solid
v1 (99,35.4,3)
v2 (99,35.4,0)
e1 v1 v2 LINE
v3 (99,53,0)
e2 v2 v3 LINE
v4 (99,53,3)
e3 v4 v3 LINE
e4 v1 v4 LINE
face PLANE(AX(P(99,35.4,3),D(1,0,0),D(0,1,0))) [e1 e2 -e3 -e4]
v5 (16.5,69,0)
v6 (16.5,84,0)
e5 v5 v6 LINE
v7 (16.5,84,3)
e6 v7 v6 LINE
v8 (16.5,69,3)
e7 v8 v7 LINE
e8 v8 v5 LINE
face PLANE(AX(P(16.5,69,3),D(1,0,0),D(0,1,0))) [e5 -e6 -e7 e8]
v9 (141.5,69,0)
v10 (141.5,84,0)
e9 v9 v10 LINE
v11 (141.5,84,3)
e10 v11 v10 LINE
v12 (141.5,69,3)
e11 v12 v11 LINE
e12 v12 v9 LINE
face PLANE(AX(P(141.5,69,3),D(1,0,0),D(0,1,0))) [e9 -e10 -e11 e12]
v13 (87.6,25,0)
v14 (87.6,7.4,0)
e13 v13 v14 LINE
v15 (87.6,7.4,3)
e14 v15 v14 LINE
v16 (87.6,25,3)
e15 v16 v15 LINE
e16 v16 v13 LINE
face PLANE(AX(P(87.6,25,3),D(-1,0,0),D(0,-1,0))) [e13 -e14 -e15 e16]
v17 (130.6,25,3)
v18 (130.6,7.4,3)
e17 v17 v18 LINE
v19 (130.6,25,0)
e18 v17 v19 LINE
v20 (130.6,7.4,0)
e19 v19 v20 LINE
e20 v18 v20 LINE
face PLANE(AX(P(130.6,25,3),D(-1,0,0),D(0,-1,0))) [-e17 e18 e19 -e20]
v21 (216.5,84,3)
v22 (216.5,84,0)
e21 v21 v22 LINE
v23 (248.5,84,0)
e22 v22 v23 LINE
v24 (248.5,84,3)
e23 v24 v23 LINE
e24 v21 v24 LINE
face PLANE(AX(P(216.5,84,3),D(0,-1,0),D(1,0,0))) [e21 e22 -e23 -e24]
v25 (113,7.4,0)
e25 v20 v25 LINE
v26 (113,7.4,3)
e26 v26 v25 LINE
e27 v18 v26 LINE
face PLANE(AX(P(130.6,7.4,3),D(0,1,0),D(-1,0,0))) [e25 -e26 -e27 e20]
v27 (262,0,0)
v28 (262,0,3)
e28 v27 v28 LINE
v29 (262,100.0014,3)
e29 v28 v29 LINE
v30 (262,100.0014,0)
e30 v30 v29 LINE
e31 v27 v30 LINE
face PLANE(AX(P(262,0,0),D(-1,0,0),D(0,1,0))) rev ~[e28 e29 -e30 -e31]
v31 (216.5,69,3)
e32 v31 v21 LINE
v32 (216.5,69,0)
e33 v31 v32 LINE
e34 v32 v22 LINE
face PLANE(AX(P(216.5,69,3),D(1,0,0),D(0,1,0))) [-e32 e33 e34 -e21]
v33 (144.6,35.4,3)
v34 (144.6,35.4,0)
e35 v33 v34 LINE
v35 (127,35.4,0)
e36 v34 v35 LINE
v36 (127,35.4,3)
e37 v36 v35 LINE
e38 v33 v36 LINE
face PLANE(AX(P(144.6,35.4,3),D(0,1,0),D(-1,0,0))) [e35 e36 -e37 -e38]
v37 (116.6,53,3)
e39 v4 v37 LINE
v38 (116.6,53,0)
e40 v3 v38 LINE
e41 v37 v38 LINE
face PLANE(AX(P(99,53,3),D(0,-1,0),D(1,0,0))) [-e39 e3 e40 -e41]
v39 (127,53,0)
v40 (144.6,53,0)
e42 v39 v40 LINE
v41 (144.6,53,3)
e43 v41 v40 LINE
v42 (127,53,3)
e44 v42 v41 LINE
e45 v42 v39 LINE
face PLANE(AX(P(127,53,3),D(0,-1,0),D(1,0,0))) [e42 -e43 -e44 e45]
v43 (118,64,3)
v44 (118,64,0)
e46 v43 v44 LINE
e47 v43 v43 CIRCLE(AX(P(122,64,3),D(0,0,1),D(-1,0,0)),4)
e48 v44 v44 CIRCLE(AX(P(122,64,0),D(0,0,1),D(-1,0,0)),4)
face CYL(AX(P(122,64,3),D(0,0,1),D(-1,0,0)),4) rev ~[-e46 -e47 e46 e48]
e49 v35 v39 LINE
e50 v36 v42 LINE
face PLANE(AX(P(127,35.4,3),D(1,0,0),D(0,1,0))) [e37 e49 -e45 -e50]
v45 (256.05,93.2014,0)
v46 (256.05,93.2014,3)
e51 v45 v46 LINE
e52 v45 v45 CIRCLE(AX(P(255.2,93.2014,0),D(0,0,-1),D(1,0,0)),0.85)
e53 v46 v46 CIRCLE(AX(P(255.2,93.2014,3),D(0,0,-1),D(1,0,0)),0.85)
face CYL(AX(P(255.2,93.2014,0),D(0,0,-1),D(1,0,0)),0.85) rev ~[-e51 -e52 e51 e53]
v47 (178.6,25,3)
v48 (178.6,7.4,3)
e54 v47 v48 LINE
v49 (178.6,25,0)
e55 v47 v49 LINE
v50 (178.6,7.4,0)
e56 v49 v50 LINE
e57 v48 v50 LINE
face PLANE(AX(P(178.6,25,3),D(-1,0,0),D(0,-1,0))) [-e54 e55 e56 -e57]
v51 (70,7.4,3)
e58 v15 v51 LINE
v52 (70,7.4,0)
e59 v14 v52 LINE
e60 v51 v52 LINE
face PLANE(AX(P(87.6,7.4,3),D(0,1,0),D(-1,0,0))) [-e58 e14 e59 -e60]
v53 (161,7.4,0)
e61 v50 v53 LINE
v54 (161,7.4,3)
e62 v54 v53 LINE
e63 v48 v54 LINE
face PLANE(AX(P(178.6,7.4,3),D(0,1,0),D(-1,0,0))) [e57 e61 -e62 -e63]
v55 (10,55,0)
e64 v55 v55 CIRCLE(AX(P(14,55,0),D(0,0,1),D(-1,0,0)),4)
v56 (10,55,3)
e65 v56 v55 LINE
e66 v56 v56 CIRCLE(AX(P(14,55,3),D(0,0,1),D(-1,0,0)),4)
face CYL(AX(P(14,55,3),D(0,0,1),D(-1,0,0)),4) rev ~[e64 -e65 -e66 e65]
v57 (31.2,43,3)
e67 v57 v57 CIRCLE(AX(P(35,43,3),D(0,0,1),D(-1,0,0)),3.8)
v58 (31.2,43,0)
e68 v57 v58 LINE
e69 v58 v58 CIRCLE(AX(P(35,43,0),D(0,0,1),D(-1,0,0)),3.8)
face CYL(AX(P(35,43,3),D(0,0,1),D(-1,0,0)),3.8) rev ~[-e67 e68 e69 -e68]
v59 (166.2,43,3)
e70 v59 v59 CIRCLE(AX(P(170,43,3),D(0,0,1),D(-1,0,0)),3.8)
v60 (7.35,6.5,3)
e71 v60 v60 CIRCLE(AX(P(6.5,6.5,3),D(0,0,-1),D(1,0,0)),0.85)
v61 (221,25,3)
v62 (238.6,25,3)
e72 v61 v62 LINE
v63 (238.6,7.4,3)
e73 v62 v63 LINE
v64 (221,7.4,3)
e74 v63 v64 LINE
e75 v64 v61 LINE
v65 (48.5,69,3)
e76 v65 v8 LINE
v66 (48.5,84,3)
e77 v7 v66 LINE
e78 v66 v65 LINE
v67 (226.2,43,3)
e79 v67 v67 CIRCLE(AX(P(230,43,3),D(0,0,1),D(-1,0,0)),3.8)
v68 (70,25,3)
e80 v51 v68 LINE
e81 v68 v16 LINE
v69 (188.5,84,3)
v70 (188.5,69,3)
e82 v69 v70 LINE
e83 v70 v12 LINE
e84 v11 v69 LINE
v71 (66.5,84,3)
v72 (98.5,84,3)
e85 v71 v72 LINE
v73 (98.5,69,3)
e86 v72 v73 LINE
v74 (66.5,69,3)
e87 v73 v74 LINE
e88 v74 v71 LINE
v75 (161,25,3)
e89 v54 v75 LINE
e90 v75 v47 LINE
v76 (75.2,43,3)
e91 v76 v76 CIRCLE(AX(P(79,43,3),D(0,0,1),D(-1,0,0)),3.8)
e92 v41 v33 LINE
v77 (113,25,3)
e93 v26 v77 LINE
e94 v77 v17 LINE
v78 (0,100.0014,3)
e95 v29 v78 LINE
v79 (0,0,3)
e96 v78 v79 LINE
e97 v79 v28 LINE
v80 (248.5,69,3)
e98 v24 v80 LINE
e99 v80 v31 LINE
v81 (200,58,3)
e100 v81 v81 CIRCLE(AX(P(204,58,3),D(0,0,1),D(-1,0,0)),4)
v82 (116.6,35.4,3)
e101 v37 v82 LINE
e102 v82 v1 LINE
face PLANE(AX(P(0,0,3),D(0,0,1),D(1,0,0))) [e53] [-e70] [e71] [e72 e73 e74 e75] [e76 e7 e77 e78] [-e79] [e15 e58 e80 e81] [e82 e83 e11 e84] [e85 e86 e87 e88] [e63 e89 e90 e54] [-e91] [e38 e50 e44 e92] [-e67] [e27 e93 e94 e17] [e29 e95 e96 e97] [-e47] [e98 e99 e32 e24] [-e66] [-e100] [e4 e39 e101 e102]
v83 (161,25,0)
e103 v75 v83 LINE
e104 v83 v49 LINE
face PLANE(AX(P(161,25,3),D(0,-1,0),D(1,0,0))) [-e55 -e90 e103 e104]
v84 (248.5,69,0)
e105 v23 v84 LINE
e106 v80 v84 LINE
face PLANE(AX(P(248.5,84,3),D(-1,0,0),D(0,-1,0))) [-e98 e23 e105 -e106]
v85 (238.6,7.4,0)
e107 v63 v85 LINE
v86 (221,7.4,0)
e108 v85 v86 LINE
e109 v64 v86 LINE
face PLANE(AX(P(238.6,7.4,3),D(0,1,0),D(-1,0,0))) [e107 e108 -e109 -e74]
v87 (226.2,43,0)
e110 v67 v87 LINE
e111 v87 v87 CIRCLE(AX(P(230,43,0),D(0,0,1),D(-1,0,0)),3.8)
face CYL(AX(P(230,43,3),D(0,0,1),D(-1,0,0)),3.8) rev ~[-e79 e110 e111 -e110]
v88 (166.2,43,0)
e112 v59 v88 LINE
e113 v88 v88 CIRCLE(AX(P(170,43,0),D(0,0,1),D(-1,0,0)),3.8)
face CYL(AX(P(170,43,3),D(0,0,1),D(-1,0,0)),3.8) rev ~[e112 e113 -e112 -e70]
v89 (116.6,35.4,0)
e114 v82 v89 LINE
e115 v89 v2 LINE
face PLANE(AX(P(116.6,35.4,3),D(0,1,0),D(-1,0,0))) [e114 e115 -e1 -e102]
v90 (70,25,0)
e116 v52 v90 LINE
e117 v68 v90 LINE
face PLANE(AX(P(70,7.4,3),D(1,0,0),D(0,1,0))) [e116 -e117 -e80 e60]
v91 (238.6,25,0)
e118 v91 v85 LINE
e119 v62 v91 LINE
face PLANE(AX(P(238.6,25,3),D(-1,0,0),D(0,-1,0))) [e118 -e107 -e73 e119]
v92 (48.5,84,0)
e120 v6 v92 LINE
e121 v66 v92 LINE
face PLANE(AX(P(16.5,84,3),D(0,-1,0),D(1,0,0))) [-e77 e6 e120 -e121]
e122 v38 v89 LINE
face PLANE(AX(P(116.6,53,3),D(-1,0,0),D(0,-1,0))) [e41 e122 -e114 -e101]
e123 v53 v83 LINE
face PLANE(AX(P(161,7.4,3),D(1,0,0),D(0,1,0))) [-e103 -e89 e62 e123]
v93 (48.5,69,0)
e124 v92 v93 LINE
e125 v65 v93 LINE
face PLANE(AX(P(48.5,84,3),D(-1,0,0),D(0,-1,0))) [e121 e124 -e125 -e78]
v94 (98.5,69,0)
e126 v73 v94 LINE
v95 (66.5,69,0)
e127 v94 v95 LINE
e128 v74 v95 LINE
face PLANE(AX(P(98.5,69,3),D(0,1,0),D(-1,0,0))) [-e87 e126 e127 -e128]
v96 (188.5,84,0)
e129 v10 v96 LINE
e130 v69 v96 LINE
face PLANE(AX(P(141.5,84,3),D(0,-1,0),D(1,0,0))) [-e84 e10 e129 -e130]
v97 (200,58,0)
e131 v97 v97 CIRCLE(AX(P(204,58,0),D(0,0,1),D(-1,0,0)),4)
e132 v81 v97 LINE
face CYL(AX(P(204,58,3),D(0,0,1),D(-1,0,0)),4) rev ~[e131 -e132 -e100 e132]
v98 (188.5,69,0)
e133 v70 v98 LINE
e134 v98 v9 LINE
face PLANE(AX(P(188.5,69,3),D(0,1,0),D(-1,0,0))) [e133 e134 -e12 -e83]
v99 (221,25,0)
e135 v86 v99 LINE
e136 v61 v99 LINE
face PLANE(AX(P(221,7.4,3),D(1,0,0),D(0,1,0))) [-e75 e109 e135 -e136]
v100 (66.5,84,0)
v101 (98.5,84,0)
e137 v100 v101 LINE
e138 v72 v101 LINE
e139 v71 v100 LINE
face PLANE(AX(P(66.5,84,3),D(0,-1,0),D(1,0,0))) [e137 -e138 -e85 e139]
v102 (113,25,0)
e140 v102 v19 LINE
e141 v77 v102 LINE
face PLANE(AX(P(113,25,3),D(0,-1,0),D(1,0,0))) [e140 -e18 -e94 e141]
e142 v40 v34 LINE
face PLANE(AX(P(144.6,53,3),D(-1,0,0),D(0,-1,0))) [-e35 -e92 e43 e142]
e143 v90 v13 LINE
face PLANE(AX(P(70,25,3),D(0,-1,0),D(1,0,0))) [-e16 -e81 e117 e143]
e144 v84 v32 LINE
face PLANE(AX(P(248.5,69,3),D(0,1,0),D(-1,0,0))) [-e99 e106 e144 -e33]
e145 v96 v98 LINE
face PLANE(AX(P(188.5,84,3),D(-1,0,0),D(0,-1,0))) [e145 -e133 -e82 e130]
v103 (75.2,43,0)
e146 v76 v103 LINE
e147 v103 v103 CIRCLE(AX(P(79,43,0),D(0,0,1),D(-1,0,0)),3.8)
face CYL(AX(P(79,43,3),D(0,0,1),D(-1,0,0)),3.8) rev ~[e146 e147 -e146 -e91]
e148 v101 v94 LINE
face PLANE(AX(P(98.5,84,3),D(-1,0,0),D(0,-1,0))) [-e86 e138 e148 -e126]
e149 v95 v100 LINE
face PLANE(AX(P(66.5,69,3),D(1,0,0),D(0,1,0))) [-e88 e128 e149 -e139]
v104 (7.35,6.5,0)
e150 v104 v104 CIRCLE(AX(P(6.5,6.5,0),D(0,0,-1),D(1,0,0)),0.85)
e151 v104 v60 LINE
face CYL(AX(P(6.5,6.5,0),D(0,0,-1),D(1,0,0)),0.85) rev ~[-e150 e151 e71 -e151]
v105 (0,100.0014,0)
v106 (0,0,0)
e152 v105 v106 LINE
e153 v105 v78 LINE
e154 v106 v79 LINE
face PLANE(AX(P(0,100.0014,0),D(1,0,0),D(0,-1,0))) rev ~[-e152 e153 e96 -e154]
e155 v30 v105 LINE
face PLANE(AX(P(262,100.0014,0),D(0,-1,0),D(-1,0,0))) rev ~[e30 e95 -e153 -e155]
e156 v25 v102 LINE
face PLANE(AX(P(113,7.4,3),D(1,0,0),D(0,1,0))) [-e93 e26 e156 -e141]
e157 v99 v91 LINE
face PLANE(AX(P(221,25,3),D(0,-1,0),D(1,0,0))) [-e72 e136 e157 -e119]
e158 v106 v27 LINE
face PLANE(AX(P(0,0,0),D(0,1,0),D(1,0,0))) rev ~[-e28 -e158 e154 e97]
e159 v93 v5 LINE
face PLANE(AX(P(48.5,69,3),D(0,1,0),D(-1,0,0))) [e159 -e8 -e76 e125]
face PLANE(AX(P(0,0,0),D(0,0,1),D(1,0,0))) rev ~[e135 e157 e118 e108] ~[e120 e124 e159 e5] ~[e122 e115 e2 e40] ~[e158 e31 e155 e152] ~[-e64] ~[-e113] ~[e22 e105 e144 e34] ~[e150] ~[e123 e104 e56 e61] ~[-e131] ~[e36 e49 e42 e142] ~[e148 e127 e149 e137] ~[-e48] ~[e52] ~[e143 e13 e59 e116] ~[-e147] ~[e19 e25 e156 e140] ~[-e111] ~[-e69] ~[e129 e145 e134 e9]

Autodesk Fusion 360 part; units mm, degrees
sketch "Sketch1" plane through (0, 0, 0) normal (0, 0, 1) x (1, 0, 0)
  line L0 (0, 0) -> (262, 0)
  line L1 (262, 0) -> (262, 100.0014)
  line L2 (262, 100.0014) -> (0, 100.0014)
  line L3 (0, 100.0014) -> (0, 0)
extrude "Extrude1" add sketch "Sketch1" along normal blind 3
sketch "Sketch2" plane through (0, 0, 3) normal (0, 0, 1) x (-1, 0, 0)
  line L0 (0, -100.0014) -> (0, 0)
  line L1 (0, 0) -> (-262, 0)
  line L2 (-262, 0) -> (-262, -100.0014)
  line L3 (-262, -100.0014) -> (0, -100.0014)
  line L4 (-141.5, -69) -> (-141.5, -84)
  line L5 (-188.5, -84) -> (-188.5, -69)
  line L6 (-141.5, -84) -> (-188.5, -84)
  line L7 (-188.5, -69) -> (-141.5, -69)
  line L8 (-216.5, -84) -> (-248.5, -84)
  line L9 (-216.5, -69) -> (-216.5, -84)
  line L10 (-248.5, -69) -> (-216.5, -69)
  line L11 (-248.5, -84) -> (-248.5, -69)
  line L12 (-16.5, -84) -> (-48.5, -84)
  line L13 (-48.5, -84) -> (-48.5, -69)
  line L14 (-16.5, -69) -> (-16.5, -84)
  line L15 (-48.5, -69) -> (-16.5, -69)
  line L16 (-98.5, -69) -> (-66.5, -69)
  line L17 (-98.5, -84) -> (-98.5, -69)
  line L18 (-66.5, -84) -> (-98.5, -84)
  line L19 (-66.5, -69) -> (-66.5, -84)
  line L20 (-113, -25) -> (-130.6, -25)
  line L21 (-130.6, -25) -> (-130.6, -7.4)
  line L22 (-130.6, -7.4) -> (-113, -7.4)
  line L23 (-113, -7.4) -> (-113, -25)
  line L24 (-144.6, -53) -> (-144.6, -35.4)
  line L25 (-127, -53) -> (-144.6, -53)
  line L26 (-127, -35.4) -> (-127, -53)
  line L27 (-144.6, -35.4) -> (-127, -35.4)
  line L28 (-116.6, -53) -> (-116.6, -35.4)
  line L29 (-99, -53) -> (-116.6, -53)
  line L30 (-99, -35.4) -> (-99, -53)
  line L31 (-116.6, -35.4) -> (-99, -35.4)
  circle A0 centre (-35, -43) radius 3.8
  circle A1 centre (-79, -43) radius 3.8
  circle A2 centre (-170, -43) radius 3.8
  circle A3 centre (-230, -43) radius 3.8
  circle A4 centre (-122, -64) radius 4
  circle A5 centre (-14, -55) radius 4
  circle A6 centre (-204, -58) radius 4
  line L32 (-87.6, -25) -> (-87.6, -7.4)
  line L33 (-70, -25) -> (-87.6, -25)
  line L34 (-70, -7.4) -> (-70, -25)
  line L35 (-87.6, -7.4) -> (-70, -7.4)
  line L36 (-178.6, -25) -> (-178.6, -7.4)
  line L37 (-161, -25) -> (-178.6, -25)
  line L38 (-161, -7.4) -> (-161, -25)
  line L39 (-178.6, -7.4) -> (-161, -7.4)
  line L40 (-238.6, -25) -> (-238.6, -7.4)
  line L41 (-221, -25) -> (-238.6, -25)
  line L42 (-221, -7.4) -> (-221, -25)
  line L43 (-238.6, -7.4) -> (-221, -7.4)
  point P0 (-56, -93.0014)
  dimension "d15" = 47
  dimension "d16" = 15
  dimension "d17" = 32
  dimension "d18" = 15
  dimension "d19" = 32
  dimension "d20" = 15
  dimension "d21" = 32
  dimension "d22" = 15
  dimension "d24" = 17.6
  dimension "d25" = 17.6
  dimension "d26" = 17.6
  dimension "d27" = 17.6
  dimension "d28" = 17.6
  dimension "d29" = 17.6
  dimension "d31" = 7.6
  dimension "d32" = 7.6
  dimension "d33" = 7.6
  dimension "d34" = 7.6
  dimension "d35" = 8
  dimension "d36" = 8
  dimension "d37" = 8
  dimension "d38" = 17.6
  dimension "d39" = 17.6
  dimension "d40" = 17.6
  dimension "d41" = 17.6
  dimension "d42" = 17.6
  dimension "d43" = 17.6
extrude "Extrude2" cut sketch "Sketch2" against normal blind 20 contours L4 L5 L6 L7 | L8 L9 L10 L11 | L12 L13 L14 L15 | L16 L17 L18 L19 | L20 L21 L22 L23 | L24 L25 L26 L27 | L28 L29 L30 L31 | A0 | A1 | A2 | A3 | A4 | A5 | A6 | L32 L33 L34 L35 | L36 L37 L38 L39 | L40 L41 L42 L43
sketch "Sketch3" plane through (0, 0, 0) normal (0, 0, -1) x (1, 0, 0)
  circle A0 centre (170, -43) radius 3.8
  line L0 (216.5, -84) -> (216.5, -69)
  line L1 (216.5, -69) -> (248.5, -69)
  line L2 (248.5, -69) -> (248.5, -84)
  line L3 (248.5, -84) -> (216.5, -84)
  line L4 (130.6, -7.4) -> (130.6, -25)
  line L5 (130.6, -25) -> (113, -25)
  line L6 (113, -25) -> (113, -7.4)
  line L7 (113, -7.4) -> (130.6, -7.4)
  line L8 (98.5, -69) -> (98.5, -84)
  line L9 (98.5, -84) -> (66.5, -84)
  line L10 (66.5, -84) -> (66.5, -69)
  line L11 (66.5, -69) -> (98.5, -69)
  line L12 (116.6, -53) -> (99, -53)
  line L13 (99, -53) -> (99, -35.4)
  line L14 (99, -35.4) -> (116.6, -35.4)
  line L15 (116.6, -35.4) -> (116.6, -53)
  line L16 (87.6, -25) -> (70, -25)
  line L17 (70, -25) -> (70, -7.4)
  line L18 (70, -7.4) -> (87.6, -7.4)
  line L19 (87.6, -7.4) -> (87.6, -25)
  line L20 (188.5, -84) -> (141.5, -84)
  line L21 (141.5, -84) -> (141.5, -69)
  line L22 (141.5, -69) -> (188.5, -69)
  line L23 (188.5, -69) -> (188.5, -84)
  circle A1 centre (204, -58) radius 4
  circle A2 centre (35, -43) radius 3.8
  line L24 (238.6, -25) -> (221, -25)
  line L25 (221, -25) -> (221, -7.4)
  line L26 (221, -7.4) -> (238.6, -7.4)
  line L27 (238.6, -7.4) -> (238.6, -25)
  line L28 (144.6, -53) -> (127, -53)
  line L29 (127, -53) -> (127, -35.4)
  line L30 (127, -35.4) -> (144.6, -35.4)
  line L31 (144.6, -35.4) -> (144.6, -53)
  circle A3 centre (79, -43) radius 3.8
  circle A4 centre (122, -64) radius 4
  line L32 (48.5, -84) -> (16.5, -84)
  line L33 (16.5, -84) -> (16.5, -69)
  line L34 (16.5, -69) -> (48.5, -69)
  line L35 (48.5, -69) -> (48.5, -84)
  line L36 (178.6, -25) -> (161, -25)
  line L37 (161, -25) -> (161, -7.4)
  line L38 (161, -7.4) -> (178.6, -7.4)
  line L39 (178.6, -7.4) -> (178.6, -25)
  circle A5 centre (230, -43) radius 3.8
  circle A6 centre (14, -55) radius 4
  line L40 (0, 0) -> (0, -100.0014)
  line L41 (0, -100.0014) -> (262, -100.0014)
  line L42 (262, -100.0014) -> (262, 0)
  line L43 (262, 0) -> (0, 0)
  circle A7 centre (6.5, -6.5) radius 0.85
  dimension "d46" = 1.7
extrude "Extrude3" cut sketch "Sketch3" against normal blind 4 contours A7
sketch "Sketch4" plane through (0, 0, 0) normal (0, 0, -1) x (1, 0, 0)
  circle A0 centre (6.5, -6.5) radius 0.85
  circle A1 centre (170, -43) radius 3.8
  line L0 (216.5, -84) -> (216.5, -69)
  line L1 (216.5, -69) -> (248.5, -69)
  line L2 (248.5, -69) -> (248.5, -84)
  line L3 (248.5, -84) -> (216.5, -84)
  line L4 (130.6, -7.4) -> (130.6, -25)
  line L5 (130.6, -25) -> (113, -25)
  line L6 (113, -25) -> (113, -7.4)
  line L7 (113, -7.4) -> (130.6, -7.4)
  line L8 (98.5, -69) -> (98.5, -84)
  line L9 (98.5, -84) -> (66.5, -84)
  line L10 (66.5, -84) -> (66.5, -69)
  line L11 (66.5, -69) -> (98.5, -69)
  line L12 (116.6, -53) -> (99, -53)
  line L13 (99, -53) -> (99, -35.4)
  line L14 (99, -35.4) -> (116.6, -35.4)
  line L15 (116.6, -35.4) -> (116.6, -53)
  line L16 (87.6, -25) -> (70, -25)
  line L17 (70, -25) -> (70, -7.4)
  line L18 (70, -7.4) -> (87.6, -7.4)
  line L19 (87.6, -7.4) -> (87.6, -25)
  line L20 (188.5, -84) -> (141.5, -84)
  line L21 (141.5, -84) -> (141.5, -69)
  line L22 (141.5, -69) -> (188.5, -69)
  line L23 (188.5, -69) -> (188.5, -84)
  circle A2 centre (204, -58) radius 4
  circle A3 centre (35, -43) radius 3.8
  line L24 (238.6, -25) -> (221, -25)
  line L25 (221, -25) -> (221, -7.4)
  line L26 (221, -7.4) -> (238.6, -7.4)
  line L27 (238.6, -7.4) -> (238.6, -25)
  line L28 (144.6, -53) -> (127, -53)
  line L29 (127, -53) -> (127, -35.4)
  line L30 (127, -35.4) -> (144.6, -35.4)
  line L31 (144.6, -35.4) -> (144.6, -53)
  circle A4 centre (79, -43) radius 3.8
  circle A5 centre (122, -64) radius 4
  line L32 (48.5, -84) -> (16.5, -84)
  line L33 (16.5, -84) -> (16.5, -69)
  line L34 (16.5, -69) -> (48.5, -69)
  line L35 (48.5, -69) -> (48.5, -84)
  line L36 (178.6, -25) -> (161, -25)
  line L37 (161, -25) -> (161, -7.4)
  line L38 (161, -7.4) -> (178.6, -7.4)
  line L39 (178.6, -7.4) -> (178.6, -25)
  circle A6 centre (230, -43) radius 3.8
  circle A7 centre (14, -55) radius 4
  line L40 (0, 0) -> (0, -100.0014)
  line L41 (0, -100.0014) -> (262, -100.0014)
  line L42 (262, -100.0014) -> (262, 0)
  line L43 (262, 0) -> (0, 0)
  circle A8 centre (255.2, -93.2014) radius 0.85
  dimension "d49" = 1.7
extrude "Extrude4" cut sketch "Sketch4" against normal blind 5 contours A8
